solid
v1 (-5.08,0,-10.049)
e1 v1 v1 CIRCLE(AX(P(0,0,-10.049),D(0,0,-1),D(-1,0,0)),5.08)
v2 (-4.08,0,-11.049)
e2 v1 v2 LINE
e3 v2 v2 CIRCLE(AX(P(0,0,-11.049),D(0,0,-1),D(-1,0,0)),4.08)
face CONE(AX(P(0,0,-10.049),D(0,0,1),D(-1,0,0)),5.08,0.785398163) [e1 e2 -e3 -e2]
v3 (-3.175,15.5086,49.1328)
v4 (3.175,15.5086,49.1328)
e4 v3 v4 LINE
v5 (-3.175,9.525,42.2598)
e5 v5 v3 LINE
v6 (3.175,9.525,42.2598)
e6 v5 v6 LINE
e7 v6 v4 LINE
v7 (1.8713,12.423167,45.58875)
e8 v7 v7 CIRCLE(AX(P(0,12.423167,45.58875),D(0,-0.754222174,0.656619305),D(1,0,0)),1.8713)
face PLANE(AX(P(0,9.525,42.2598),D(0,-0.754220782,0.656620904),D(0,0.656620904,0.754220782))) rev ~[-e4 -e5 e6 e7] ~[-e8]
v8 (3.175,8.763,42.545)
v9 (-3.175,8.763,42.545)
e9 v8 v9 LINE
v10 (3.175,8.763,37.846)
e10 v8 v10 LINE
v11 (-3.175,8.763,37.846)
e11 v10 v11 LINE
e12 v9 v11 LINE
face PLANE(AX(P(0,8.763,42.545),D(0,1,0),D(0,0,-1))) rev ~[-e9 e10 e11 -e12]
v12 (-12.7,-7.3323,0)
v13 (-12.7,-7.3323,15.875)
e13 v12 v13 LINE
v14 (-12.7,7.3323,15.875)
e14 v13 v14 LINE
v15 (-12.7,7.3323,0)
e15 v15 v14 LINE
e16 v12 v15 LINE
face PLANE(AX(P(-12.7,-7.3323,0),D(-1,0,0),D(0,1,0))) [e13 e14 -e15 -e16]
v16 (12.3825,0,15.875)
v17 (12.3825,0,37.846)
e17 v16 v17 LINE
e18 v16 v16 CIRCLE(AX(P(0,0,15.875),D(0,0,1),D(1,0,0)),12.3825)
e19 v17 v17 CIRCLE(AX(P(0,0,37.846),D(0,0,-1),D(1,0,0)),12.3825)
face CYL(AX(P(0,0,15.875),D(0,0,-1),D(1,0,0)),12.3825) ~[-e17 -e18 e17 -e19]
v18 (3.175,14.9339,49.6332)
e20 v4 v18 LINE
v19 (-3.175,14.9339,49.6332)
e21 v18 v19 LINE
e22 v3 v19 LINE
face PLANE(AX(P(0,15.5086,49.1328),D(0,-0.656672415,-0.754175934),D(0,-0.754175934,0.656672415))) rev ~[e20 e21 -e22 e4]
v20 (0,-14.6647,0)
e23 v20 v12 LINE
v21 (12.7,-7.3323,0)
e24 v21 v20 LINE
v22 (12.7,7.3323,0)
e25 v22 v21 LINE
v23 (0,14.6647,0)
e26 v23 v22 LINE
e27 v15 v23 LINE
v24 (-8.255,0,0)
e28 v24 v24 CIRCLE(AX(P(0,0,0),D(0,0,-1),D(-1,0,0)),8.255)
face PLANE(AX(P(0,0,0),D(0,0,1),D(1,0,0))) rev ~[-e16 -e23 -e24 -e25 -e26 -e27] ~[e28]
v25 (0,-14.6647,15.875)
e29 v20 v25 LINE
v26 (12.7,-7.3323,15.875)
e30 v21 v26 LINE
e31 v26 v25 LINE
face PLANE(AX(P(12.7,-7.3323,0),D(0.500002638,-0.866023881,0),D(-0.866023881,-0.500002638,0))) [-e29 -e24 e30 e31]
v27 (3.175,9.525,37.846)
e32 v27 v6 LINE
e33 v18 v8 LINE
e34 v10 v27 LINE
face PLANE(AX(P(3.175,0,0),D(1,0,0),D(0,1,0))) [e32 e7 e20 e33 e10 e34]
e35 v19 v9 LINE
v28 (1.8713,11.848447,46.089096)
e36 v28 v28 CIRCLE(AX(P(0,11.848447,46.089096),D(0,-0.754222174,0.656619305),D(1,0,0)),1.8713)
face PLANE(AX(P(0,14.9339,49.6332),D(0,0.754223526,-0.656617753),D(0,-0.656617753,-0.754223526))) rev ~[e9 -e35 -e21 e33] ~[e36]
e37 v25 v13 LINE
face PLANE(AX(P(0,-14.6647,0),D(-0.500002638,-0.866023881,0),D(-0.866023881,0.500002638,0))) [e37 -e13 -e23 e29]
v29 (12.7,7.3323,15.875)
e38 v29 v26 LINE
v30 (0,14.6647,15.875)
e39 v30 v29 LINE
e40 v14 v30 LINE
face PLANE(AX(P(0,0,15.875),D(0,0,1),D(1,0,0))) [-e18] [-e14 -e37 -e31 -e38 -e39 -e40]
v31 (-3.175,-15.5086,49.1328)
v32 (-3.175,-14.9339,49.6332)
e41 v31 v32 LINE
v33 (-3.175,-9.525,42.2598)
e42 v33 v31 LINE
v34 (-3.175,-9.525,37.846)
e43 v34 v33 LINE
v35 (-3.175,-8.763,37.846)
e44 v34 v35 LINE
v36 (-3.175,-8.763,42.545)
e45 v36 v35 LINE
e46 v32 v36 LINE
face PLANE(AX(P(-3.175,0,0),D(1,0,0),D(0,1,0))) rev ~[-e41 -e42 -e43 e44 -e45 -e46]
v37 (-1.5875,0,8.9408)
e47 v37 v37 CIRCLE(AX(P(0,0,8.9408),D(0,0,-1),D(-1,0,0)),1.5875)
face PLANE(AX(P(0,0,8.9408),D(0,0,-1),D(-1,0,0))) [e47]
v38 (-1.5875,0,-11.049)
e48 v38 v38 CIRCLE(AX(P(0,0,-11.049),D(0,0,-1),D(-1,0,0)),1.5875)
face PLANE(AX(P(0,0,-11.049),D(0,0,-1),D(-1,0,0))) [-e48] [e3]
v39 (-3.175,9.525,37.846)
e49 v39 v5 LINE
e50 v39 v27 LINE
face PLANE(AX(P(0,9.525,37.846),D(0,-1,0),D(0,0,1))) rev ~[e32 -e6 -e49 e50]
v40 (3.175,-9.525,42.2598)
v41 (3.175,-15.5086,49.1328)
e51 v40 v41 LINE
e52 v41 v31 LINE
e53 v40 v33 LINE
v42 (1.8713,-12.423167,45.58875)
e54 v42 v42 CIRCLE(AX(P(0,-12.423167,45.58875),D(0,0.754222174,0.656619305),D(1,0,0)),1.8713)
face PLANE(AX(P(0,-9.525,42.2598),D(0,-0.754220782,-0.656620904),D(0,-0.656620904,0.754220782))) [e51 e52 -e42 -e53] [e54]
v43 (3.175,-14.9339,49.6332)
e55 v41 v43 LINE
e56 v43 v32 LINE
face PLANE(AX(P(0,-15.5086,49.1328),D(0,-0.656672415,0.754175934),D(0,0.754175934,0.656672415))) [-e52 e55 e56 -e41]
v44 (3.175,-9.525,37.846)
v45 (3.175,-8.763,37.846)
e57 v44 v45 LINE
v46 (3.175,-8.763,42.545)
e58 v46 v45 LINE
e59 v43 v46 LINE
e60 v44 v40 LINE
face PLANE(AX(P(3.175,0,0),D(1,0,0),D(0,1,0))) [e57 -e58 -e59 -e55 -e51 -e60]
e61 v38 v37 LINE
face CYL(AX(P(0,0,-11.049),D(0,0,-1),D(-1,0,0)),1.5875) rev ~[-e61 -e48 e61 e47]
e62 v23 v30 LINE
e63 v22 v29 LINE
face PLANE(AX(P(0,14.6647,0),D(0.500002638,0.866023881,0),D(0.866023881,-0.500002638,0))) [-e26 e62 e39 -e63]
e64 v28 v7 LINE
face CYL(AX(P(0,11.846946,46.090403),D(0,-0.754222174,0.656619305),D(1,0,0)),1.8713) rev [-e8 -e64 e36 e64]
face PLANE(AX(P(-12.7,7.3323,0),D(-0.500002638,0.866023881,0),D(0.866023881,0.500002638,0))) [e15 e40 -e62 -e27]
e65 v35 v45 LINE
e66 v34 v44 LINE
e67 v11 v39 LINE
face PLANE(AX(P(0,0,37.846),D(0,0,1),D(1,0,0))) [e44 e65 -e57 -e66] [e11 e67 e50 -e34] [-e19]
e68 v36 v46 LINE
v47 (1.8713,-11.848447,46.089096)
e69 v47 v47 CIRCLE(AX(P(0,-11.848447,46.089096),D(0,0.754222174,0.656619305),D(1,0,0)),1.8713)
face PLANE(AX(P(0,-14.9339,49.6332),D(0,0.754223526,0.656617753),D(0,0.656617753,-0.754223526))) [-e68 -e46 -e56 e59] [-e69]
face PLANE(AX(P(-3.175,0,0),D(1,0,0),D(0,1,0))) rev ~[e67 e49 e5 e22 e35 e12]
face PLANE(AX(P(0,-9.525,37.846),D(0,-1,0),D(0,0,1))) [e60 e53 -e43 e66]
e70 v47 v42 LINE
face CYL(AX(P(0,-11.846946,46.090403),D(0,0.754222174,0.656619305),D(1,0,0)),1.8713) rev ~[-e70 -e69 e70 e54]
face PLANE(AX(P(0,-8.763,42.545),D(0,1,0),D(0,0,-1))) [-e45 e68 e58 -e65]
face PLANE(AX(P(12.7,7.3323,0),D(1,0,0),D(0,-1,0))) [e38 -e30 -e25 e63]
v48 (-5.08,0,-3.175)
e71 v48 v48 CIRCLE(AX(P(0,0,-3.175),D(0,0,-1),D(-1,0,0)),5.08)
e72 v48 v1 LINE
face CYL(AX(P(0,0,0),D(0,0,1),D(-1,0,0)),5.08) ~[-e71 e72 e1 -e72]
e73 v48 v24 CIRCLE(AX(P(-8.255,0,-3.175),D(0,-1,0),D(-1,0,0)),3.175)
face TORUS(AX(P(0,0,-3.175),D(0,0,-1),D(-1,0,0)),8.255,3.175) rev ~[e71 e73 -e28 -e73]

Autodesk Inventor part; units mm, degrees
ref_plane "YZ Plane" through (0, 0, 0) normal (1, 0, 0) x (0, 1, 0)
ref_plane "XZ Plane" through (0, 0, 0) normal (0, 1, 0) x (-1, 0, 0)
ref_plane "XY Plane" through (0, 0, 0) normal (0, 0, 1) x (1, 0, 0)
sketch "Sketch1" plane through (0, 0, 0) normal (0, 0, 1) x (1, 0, 0)
  line L0 (0, 14.6647) -> (12.7, 7.3323)
  line L1 (12.7, 7.3323) -> (12.7, -7.3323)
  line L2 (12.7, -7.3323) -> (0, -14.6647)
  line L3 (0, -14.6647) -> (-12.7, -7.3323)
  line L4 (-12.7, -7.3323) -> (-12.7, 7.3323)
  line L5 (-12.7, 7.3323) -> (0, 14.6647)
  line L6 (0, 14.6647) -> (0, 0)
  dimension "d0" = 25.4
extrude "Extrusion1" add sketch "Sketch1" along normal blind 15.875
sketch "Sketch2" plane through (0, 0, 0) normal (0, 0, -1) x (-1, 0, 0)
  line L0 (12.7, -7.3323) -> (12.7, 7.3323) projected
  line L1 (12.7, 7.3323) -> (0, 14.6647) projected
  line L2 (0, 14.6647) -> (-12.7, 7.3323) projected
  line L3 (-12.7, 7.3323) -> (-12.7, -7.3323) projected
  line L4 (-12.7, -7.3323) -> (0, -14.6647) projected
  line L5 (0, -14.6647) -> (12.7, -7.3323) projected
  line L6 (-6.35, 10.9985) -> (6.35, -10.9985) construction
  circle A0 centre (0, 0) radius 5.08
  dimension "d3" = 10.16
extrude "Extrusion2" add sketch "Sketch2" along normal blind 11.049 contours A0
sketch "Sketch3" plane through (0, 0, -11.049) normal (0, 0, -1) x (-1, 0, 0)
  circle A0 centre (0, 0) radius 5.08 projected
  circle A1 centre (0, 0) radius 1.5875
  dimension "d6" = 3.175
extrude "Extrusion3" cut sketch "Sketch3" against normal blind 19.9898 contours A1
sketch "Sketch4" plane through (0, 0, 15.875) normal (0, 0, 1) x (1, 0, 0)
  line L0 (12.7, 7.3323) -> (12.7, -7.3323) projected
  line L1 (0, 14.6647) -> (12.7, 7.3323) projected
  line L2 (-12.7, 7.3323) -> (0, 14.6647) projected
  line L3 (-12.7, -7.3323) -> (-12.7, 7.3323) projected
  line L4 (0, -14.6647) -> (-12.7, -7.3323) projected
  line L5 (12.7, -7.3323) -> (0, -14.6647) projected
  line L6 (-6.35, 10.9985) -> (6.35, -10.9985)
  circle A0 centre (0, 0) radius 12.3825
  dimension "d9" = 24.765
extrude "Extrusion4" add sketch "Sketch4" along normal blind 21.971 contours A0 L6 | L6 A0
sketch "Sketch5" plane through (0, 0, 0) normal (1, 0, 0) x (0, 1, 0)
  line L0 (12.3825, 15.875) -> (12.3825, 37.846) projected
  line L1 (-12.3825, 37.846) -> (12.3825, 37.846) projected
  line L2 (-12.3825, 15.875) -> (12.3825, 15.875) projected
  line L3 (9.525, 37.846) -> (9.525, 42.2598)
  line L4 (9.525, 42.2598) -> (15.5086, 49.1328)
  line L5 (15.5086, 49.1328) -> (14.9339, 49.6332)
  line L6 (14.9339, 49.6332) -> (8.763, 42.545)
  line L7 (8.763, 42.545) -> (8.763, 37.846)
  line L8 (0, 37.846) -> (0, 32.3818)
  line L9 (-12.3825, 15.875) -> (-12.3825, 37.846)
  line L10 (12.3825, 37.846) -> (-12.3825, 37.846)
  line L11 (-9.525, 37.846) -> (-9.525, 42.2598)
  line L12 (-9.525, 42.2598) -> (-15.5086, 49.1328)
  line L13 (-15.5086, 49.1328) -> (-14.9339, 49.6332)
  line L14 (-14.9339, 49.6332) -> (-8.763, 42.545)
  line L15 (-8.763, 42.545) -> (-8.763, 37.846)
  dimension "d12" = 19.05
  dimension "d13" = 0.762
  dimension "d14" = 0.762
  dimension "d15" = 4.699
  dimension "d17" = 9.398
extrude "Extrusion5" add sketch "Sketch5" along normal mid plane 6.35 contours L1 L7 L6 L5 L4 L3 | L11 L12 L13 L14 L15 L1
sketch "Sketch6" plane through (-3.175, -8.763, 42.545) normal (0, 0.7542, 0.6566) x (1, 0, 0)
  line L0 (6.35, -9.398) -> (6.35, 0) projected
  line L1 (0, 0) -> (6.35, 0) projected
  line L2 (0, 0) -> (0, -9.398) projected
  line L3 (0, -9.398) -> (6.35, -9.398) projected
  circle A0 centre (3.175, -4.699) radius 1.8713
extrude "Extrusion6" cut sketch "Sketch6" against normal blind 6.35 contours A0
mirror "Mirror1" about plane through (0, 0, 0) normal (0, 1, 0) of "Extrusion6"
thread "Thread1" size "1/8" designation "1/8 - 27 NPT" standard "NPT" full length
chamfer "Chamfer1" distance 1 angle 45 1 edges at (5.08, 0, -11.049)
fillet "Fillet1" radius 3.175 1 edges at (5.08, 0, 0)
equation "\"d14\" = d13"
properties part number "SM-2B-115R"
